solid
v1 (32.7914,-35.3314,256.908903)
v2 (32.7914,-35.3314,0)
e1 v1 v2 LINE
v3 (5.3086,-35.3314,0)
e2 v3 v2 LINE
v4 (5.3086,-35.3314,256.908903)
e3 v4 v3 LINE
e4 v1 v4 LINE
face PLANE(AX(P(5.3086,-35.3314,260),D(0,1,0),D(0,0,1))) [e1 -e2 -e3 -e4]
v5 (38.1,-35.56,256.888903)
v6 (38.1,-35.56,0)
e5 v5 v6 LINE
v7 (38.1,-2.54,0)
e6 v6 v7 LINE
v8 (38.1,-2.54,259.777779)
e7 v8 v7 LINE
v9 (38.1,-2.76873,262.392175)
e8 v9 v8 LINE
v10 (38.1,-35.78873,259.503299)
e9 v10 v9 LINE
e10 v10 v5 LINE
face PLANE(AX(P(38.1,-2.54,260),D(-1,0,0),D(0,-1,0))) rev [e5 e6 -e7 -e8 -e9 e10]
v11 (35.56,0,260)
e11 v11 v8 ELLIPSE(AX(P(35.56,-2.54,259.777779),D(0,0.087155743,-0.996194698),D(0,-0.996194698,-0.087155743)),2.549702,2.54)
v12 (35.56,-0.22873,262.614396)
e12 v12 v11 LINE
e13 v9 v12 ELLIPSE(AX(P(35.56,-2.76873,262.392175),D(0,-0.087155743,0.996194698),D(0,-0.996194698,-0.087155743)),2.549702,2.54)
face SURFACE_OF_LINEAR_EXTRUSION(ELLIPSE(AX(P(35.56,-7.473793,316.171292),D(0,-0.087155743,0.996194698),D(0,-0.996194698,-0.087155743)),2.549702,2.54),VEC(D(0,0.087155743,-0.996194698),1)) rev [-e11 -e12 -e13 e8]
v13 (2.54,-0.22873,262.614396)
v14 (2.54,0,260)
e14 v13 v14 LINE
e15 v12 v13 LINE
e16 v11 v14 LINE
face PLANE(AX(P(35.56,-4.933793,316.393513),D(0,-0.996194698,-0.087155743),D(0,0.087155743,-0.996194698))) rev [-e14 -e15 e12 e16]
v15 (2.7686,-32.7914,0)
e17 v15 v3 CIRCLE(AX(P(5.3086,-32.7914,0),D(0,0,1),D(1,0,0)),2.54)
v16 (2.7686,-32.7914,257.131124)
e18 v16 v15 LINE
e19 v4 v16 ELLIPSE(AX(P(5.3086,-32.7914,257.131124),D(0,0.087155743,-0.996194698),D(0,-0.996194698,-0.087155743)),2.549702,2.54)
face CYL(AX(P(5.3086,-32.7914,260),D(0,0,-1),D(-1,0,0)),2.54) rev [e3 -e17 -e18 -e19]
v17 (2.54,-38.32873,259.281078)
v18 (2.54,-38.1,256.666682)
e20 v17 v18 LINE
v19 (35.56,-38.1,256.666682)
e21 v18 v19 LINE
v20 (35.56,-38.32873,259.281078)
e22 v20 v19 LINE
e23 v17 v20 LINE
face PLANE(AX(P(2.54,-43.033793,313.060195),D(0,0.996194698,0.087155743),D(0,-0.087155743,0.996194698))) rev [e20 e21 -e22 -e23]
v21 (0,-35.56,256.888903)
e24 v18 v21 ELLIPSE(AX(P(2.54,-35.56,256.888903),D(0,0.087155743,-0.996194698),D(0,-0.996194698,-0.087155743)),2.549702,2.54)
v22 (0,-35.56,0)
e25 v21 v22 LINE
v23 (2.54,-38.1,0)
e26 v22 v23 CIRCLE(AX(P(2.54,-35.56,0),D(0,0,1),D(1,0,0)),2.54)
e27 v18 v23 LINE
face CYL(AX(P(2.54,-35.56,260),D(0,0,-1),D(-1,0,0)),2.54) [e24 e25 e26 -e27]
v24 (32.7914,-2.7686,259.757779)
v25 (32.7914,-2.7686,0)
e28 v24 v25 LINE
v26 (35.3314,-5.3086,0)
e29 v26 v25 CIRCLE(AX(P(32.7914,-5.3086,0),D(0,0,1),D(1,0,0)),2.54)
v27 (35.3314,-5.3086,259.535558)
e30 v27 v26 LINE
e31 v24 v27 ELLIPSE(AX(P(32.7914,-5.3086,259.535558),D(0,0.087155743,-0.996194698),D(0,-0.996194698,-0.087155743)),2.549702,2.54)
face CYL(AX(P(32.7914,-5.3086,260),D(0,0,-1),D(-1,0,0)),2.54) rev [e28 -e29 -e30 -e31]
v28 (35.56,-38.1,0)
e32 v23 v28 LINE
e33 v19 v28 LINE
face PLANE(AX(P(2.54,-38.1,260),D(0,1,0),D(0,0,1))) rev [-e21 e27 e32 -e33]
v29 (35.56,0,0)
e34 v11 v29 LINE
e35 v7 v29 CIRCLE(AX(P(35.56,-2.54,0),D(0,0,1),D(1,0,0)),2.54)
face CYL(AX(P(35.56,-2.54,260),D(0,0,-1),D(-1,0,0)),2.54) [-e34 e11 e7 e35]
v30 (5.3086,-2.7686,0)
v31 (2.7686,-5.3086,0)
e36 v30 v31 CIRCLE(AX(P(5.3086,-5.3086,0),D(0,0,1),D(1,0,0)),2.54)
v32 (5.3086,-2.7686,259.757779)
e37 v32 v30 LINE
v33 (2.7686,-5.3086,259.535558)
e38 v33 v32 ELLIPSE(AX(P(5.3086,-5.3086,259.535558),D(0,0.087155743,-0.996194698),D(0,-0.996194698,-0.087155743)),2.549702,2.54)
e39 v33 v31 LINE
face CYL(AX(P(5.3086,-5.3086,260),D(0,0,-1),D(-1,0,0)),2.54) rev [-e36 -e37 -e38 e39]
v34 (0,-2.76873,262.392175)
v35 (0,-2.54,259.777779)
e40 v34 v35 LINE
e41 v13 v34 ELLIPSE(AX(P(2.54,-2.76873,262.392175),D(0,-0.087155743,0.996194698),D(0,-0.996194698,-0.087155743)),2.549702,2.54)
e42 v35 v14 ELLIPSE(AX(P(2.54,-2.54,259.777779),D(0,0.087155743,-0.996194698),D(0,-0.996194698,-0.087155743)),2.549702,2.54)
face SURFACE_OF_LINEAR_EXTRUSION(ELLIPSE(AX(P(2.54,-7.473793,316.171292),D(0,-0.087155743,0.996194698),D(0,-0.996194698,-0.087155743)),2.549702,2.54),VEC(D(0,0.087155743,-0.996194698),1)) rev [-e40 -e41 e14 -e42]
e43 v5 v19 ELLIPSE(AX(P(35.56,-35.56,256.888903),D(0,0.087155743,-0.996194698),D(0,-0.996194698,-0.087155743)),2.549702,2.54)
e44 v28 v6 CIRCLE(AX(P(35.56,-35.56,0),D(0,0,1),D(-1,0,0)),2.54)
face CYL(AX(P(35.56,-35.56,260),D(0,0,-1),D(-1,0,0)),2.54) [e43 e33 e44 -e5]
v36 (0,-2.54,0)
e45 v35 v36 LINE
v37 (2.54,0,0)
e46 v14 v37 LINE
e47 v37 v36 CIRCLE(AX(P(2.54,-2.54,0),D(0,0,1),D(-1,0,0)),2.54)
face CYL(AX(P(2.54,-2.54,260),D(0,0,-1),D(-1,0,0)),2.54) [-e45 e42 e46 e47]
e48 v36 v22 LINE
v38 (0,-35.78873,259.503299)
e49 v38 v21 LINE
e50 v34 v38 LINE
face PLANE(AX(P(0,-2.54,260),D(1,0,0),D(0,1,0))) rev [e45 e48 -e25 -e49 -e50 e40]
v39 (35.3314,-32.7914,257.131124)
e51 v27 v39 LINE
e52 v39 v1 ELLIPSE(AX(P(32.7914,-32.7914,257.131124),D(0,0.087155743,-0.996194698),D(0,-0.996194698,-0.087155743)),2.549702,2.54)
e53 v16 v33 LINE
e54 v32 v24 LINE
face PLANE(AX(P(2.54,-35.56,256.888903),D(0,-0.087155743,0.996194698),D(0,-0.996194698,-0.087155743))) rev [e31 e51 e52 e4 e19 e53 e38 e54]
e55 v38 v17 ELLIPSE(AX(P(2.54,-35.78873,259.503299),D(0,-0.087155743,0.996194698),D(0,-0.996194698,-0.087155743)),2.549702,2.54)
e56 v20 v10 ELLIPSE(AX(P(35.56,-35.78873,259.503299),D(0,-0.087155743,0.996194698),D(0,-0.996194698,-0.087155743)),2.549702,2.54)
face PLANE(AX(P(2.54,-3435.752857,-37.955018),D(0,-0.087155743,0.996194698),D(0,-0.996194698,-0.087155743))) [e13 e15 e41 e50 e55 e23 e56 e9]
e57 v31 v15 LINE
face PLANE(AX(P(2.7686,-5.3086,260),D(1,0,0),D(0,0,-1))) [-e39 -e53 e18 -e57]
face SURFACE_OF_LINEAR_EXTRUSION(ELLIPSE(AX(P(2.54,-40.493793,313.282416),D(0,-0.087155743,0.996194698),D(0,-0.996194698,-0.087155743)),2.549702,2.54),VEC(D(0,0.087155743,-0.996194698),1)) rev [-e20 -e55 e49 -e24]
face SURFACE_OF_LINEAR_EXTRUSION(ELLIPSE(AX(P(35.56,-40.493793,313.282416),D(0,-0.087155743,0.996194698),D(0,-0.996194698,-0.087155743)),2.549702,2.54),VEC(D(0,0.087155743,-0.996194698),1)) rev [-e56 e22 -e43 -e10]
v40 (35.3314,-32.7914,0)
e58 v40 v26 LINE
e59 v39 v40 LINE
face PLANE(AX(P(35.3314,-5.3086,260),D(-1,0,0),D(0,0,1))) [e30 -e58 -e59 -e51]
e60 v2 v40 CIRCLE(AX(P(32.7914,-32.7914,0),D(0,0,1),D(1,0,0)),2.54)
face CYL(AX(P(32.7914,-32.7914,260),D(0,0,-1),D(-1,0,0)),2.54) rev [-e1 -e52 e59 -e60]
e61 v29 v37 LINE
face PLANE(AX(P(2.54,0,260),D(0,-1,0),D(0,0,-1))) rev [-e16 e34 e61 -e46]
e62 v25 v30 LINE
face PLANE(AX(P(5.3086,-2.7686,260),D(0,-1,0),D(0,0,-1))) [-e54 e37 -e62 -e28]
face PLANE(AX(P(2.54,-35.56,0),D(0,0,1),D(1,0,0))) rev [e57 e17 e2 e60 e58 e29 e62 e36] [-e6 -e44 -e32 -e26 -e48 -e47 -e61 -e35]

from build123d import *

# Parameters (mm, degrees)
BOSS_EXTRUDE1_DEPTH = 260
CUT_EXTRUDE1_DEPTH  = 266.524424489
BOSS_EXTRUDE2_DEPTH = 2.624382921


with BuildPart() as part:
    # Sketch1 → Boss-Extrude1 (new body)
    with BuildSketch(Plane.XY):
        with BuildLine():
            Line((2.54, 0), (35.56, 0))
            ThreePointArc((35.56, 0), (37.356051224, -0.743948776), (38.1, -2.54))
            Line((38.1, -2.54), (38.1, -35.56))
            ThreePointArc((38.1, -35.56), (37.356051224, -37.356051224), (35.56, -38.1))
            Line((35.56, -38.1), (2.54, -38.1))
            ThreePointArc((2.54, -38.1), (0.743948776, -37.356051224), (0, -35.56))
            Line((0, -35.56), (0, -2.54))
            ThreePointArc((0, -2.54), (0.743948776, -0.743948776), (2.54, 0))
        make_face()
        with BuildLine():
            Line((5.3086, -2.7686), (32.7914, -2.7686))
            ThreePointArc((32.7914, -2.7686), (34.587451224, -3.512548776), (35.3314, -5.3086))
            Line((35.3314, -5.3086), (35.3314, -32.7914))
            ThreePointArc((35.3314, -32.7914), (34.587451224, -34.587451224), (32.7914, -35.3314))
            Line((32.7914, -35.3314), (5.3086, -35.3314))
            ThreePointArc((5.3086, -35.3314), (3.512548776, -34.587451224), (2.7686, -32.7914))
            Line((2.7686, -32.7914), (2.7686, -5.3086))
            ThreePointArc((2.7686, -5.3086), (3.512548776, -3.512548776), (5.3086, -2.7686))
        make_face(mode=Mode.SUBTRACT)
    extrude(amount=BOSS_EXTRUDE1_DEPTH)

    # Sketch2 → Cut-Extrude1 (cut, through all)
    with BuildSketch(Plane(origin=(38.1, 0, 0), x_dir=(0, 0, -1), z_dir=(1, 0, 0))):
        Polygon((-260, 0), (-256.66668192, -38.1), (-260, -38.1), align=None)
    extrude(amount=-CUT_EXTRUDE1_DEPTH, mode=Mode.SUBTRACT)

    # Sketch3 → Boss-Extrude2 (add)
    with BuildSketch(Plane(origin=(0, -22.574263097, 258.025007892), x_dir=(1, 0, 0), z_dir=(0, -0.08715574274765835, 0.9961946980917457))):
        with BuildLine():
            Line((2.54, -15.585042696), (35.56, -15.585042696))
            add(Edge.make_bspline(
                [(35.56, -15.585042696), (38.1, -15.585042696), (38.1, -13.035340309)],
                knots=[0, 0, 0, 1.570796327, 1.570796327, 1.570796327], degree=2, weights=[1, 0.707106781, 1]))
            Line((38.1, -13.035340309), (38.1, 20.110790727))
            add(Edge.make_bspline(
                [(38.1, 20.110790727), (38.1, 22.660493114), (35.56, 22.660493114)],
                knots=[1.570796327, 1.570796327, 1.570796327, 3.141592654, 3.141592654, 3.141592654], degree=2, weights=[1, 0.707106781, 1]))
            Line((35.56, 22.660493114), (2.54, 22.660493114))
            add(Edge.make_bspline(
                [(2.54, 22.660493114), (0, 22.660493114), (0, 20.110790727)],
                knots=[3.141592654, 3.141592654, 3.141592654, 4.71238898, 4.71238898, 4.71238898], degree=2, weights=[1, 0.707106781, 1]))
            Line((0, 20.110790727), (0, -13.035340309))
            add(Edge.make_bspline(
                [(0, -13.035340309), (0, -15.585042696), (2.54, -15.585042696)],
                knots=[4.71238898, 4.71238898, 4.71238898, 6.283185307, 6.283185307, 6.283185307], degree=2, weights=[1, 0.707106781, 1]))
        make_face()
    extrude(amount=BOSS_EXTRUDE2_DEPTH)


solid = part.part
